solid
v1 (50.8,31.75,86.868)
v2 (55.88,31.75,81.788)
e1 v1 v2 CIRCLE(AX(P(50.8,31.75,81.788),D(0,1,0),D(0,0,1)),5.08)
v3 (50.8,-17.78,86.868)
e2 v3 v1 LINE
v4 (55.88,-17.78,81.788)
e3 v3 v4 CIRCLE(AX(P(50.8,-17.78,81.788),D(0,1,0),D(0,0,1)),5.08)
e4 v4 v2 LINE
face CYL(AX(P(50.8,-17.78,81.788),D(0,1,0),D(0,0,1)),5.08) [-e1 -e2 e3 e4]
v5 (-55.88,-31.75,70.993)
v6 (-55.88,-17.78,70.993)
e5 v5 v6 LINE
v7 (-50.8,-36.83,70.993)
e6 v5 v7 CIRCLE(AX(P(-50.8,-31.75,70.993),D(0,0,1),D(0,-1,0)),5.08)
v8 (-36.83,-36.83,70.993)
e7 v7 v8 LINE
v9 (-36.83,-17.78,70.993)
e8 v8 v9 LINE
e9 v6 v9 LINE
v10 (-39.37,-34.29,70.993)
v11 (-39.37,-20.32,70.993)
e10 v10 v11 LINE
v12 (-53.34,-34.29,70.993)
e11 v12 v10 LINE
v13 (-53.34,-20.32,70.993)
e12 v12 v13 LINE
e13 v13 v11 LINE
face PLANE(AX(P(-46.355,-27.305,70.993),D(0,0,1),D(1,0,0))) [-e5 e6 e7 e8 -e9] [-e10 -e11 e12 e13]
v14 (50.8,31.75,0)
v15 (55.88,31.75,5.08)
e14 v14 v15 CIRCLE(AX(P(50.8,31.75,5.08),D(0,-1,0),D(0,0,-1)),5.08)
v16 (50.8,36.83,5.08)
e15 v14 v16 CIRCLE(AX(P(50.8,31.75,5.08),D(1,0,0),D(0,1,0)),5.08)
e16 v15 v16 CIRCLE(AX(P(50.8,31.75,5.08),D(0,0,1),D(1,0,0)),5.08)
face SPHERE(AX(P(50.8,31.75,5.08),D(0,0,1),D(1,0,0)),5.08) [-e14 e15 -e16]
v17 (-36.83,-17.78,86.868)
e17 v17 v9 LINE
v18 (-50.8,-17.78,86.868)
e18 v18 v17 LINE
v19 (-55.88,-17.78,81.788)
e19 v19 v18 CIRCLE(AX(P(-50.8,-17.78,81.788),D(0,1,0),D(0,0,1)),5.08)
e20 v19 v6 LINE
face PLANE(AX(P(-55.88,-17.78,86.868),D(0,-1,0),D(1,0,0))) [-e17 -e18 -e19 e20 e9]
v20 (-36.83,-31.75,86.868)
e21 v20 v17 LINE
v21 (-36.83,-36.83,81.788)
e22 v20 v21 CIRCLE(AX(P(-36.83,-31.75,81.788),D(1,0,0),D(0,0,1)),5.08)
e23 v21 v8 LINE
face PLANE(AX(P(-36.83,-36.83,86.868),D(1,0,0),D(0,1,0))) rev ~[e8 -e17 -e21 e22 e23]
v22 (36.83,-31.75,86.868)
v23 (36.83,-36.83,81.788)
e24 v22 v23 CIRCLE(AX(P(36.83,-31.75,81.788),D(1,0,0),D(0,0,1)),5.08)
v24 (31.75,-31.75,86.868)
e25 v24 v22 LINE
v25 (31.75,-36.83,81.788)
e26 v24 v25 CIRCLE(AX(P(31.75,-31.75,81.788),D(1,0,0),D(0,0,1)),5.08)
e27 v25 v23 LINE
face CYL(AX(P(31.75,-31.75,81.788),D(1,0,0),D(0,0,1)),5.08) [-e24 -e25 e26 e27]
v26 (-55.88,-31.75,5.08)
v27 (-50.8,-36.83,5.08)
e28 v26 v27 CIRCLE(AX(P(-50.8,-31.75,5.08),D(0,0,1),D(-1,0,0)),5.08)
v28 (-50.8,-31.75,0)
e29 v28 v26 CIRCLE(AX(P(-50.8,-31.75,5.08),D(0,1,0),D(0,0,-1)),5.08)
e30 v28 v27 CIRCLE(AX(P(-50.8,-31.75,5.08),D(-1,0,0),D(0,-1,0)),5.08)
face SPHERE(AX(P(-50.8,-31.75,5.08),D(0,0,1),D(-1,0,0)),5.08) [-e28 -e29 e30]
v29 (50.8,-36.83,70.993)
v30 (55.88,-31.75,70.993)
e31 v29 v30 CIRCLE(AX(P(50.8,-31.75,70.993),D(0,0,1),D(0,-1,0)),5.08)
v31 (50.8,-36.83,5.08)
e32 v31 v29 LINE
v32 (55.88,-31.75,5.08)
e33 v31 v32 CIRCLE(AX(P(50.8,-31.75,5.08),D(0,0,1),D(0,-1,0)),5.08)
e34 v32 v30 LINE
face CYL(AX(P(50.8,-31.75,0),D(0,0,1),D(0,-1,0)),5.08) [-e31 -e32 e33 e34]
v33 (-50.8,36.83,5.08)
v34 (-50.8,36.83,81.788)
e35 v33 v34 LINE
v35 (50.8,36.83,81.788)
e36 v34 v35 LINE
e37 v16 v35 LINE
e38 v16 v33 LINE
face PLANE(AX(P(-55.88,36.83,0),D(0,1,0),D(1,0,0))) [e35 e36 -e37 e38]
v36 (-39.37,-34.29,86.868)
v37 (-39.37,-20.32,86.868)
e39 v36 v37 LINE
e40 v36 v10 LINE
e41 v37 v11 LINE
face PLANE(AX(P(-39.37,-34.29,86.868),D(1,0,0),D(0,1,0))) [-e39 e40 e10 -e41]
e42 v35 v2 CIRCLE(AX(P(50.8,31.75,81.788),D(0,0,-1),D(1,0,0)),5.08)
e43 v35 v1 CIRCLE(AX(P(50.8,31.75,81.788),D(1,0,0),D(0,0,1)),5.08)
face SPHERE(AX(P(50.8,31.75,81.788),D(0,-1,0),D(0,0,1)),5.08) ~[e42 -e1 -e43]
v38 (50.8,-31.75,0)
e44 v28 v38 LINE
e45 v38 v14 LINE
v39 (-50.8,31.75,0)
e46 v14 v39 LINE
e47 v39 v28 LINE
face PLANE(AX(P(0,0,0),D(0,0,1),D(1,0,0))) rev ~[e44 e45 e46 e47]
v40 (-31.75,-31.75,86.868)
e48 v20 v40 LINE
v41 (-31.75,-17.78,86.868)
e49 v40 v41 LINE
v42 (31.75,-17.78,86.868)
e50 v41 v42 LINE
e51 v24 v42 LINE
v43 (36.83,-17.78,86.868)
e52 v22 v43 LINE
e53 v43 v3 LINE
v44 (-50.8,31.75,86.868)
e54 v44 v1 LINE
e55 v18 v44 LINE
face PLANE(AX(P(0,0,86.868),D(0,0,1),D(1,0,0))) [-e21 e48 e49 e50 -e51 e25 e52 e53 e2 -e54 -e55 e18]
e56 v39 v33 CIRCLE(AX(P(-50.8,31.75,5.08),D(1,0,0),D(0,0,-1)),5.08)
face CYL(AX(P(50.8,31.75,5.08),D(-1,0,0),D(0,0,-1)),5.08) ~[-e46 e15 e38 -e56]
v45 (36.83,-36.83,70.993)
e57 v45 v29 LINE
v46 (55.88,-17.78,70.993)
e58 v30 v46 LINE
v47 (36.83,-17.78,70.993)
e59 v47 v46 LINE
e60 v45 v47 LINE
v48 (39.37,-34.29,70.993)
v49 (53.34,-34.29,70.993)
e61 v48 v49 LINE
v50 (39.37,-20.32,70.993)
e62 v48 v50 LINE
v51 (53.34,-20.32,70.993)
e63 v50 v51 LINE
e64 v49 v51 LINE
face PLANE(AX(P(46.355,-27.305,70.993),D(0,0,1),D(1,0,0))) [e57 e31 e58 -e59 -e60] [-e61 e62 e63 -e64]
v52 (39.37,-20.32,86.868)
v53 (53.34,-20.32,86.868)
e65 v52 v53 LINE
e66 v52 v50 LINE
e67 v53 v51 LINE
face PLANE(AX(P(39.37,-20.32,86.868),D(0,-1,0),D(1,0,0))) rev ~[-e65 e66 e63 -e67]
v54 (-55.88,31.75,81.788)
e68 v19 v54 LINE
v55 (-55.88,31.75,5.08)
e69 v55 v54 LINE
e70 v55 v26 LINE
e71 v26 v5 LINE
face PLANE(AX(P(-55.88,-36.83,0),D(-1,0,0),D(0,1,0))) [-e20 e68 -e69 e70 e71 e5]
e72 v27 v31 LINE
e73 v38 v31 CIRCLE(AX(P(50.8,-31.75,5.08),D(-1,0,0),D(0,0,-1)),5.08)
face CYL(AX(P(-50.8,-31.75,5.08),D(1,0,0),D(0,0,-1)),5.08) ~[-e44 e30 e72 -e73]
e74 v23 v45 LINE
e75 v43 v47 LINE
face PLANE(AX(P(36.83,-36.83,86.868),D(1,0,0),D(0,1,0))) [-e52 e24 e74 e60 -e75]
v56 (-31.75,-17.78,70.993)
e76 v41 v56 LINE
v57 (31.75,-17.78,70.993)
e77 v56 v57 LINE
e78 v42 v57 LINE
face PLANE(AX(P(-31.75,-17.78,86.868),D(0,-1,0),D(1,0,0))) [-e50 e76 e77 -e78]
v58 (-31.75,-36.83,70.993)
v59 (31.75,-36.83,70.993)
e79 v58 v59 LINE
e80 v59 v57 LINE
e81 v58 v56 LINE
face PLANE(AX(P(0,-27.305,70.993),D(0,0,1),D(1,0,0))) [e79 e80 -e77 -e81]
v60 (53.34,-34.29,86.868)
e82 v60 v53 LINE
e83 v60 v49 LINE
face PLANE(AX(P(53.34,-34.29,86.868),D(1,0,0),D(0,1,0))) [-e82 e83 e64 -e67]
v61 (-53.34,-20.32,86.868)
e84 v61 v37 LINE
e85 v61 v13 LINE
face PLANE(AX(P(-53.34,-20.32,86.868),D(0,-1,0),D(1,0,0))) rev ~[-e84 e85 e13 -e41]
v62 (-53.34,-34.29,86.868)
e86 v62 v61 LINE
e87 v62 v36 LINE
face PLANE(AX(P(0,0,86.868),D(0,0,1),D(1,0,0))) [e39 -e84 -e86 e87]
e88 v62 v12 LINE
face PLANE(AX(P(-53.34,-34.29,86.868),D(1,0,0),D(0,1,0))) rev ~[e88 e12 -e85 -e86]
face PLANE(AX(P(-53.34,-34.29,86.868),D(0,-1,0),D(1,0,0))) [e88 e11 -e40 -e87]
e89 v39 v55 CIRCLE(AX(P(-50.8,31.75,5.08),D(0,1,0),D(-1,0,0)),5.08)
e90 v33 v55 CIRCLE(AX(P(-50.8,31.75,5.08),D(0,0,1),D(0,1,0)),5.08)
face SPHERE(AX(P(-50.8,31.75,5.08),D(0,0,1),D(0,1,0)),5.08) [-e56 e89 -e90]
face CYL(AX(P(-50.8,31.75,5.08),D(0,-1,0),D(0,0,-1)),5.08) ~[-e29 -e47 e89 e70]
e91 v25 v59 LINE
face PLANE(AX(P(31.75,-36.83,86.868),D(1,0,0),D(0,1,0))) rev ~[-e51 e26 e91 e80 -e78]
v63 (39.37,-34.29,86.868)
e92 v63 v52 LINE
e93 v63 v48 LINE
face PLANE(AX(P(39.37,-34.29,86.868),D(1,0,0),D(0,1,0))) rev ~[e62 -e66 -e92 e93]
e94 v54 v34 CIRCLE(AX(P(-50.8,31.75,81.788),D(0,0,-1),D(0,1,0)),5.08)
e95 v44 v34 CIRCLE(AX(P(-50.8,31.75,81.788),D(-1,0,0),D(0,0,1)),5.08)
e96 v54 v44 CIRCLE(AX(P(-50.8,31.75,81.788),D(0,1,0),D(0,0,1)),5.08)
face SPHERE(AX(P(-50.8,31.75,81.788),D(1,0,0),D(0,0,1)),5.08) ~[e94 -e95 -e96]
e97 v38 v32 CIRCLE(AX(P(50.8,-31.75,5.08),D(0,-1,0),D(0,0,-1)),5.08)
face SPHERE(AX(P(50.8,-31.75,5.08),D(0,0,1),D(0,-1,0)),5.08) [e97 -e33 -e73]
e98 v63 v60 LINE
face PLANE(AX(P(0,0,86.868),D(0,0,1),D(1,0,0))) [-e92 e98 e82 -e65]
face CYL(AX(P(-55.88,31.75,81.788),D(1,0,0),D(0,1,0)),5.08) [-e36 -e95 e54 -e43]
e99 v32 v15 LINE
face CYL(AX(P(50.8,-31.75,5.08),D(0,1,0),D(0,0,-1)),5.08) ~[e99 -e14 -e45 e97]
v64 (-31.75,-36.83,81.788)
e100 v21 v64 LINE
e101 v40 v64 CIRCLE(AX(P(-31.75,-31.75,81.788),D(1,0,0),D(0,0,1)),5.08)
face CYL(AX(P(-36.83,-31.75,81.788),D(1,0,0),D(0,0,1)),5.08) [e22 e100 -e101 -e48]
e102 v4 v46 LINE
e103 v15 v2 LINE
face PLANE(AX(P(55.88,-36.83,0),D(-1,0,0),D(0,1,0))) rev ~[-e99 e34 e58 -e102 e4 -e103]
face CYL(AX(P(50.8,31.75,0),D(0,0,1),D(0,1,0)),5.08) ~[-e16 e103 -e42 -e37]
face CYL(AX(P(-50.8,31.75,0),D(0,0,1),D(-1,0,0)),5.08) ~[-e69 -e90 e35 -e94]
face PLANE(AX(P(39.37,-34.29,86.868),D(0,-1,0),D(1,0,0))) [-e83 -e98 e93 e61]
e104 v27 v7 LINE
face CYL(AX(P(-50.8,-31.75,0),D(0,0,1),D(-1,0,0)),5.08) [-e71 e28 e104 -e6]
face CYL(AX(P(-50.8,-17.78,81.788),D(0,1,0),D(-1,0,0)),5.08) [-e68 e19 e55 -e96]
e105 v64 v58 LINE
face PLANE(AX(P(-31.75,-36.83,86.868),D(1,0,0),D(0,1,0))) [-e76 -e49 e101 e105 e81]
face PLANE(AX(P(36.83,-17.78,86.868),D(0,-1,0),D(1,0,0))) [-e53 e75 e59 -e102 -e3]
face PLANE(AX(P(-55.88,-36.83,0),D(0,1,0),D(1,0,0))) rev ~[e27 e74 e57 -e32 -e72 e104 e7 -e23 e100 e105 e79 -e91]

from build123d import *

# Parameters (mm, degrees)
F0_W     = 111.76
F0_H     = 73.66
F1_DEPTH = 86.868
F2_W     = 19.05
F2_H     = 19.05
F2_W_2   = 13.97
F2_H_2   = 13.97
F2_W_3   = 63.5
F3_DEPTH = 15.875
F4_R     = 5.08
F5_R     = 5.08


with BuildPart() as f1:
    # F0 (on Top) → F1 (new body)
    with BuildSketch(Plane.XY):
        Rectangle(F0_W, F0_H)
    extrude(amount=F1_DEPTH)

    # F2 (on face) → F3 (cut)
    with BuildSketch(Plane.XY.offset(86.868)):
        with Locations((-46.355, -27.305)):
            Rectangle(F2_W, F2_H)
        with Locations((-46.355, -27.305)):
            Rectangle(F2_W_2, F2_H_2, mode=Mode.SUBTRACT)
        with Locations((0, -27.305)):
            Rectangle(F2_W_3, F2_H)
        with Locations((46.355, -27.305)):
            Rectangle(F2_W, F2_H)
        with Locations((46.355, -27.305)):
            Rectangle(F2_W_2, F2_H_2, mode=Mode.SUBTRACT)
    extrude(amount=-F3_DEPTH, mode=Mode.SUBTRACT)

    # F4
    f4_edges = [f1.edges().sort_by_distance(p)[0] for p in [
        (34.29, -36.83, 86.868),
        (-34.29, -36.83, 86.868),
        (55.88, 9.525, 86.868),
        (0, 36.83, 86.868),
        (-55.88, 9.525, 86.868),
        (-55.88, -36.83, 35.4965),
        (55.88, -36.83, 35.4965),
        (55.88, 36.83, 43.434),
        (-55.88, 36.83, 43.434),
    ]]
    fillet(f4_edges, radius=F4_R)

    # F5
    f5_edges = [f1.edges().sort_by_distance(p)[0] for p in [
        (55.88, 0, 0),
        (54.392102, -35.342102, 0),
        (54.392102, 35.342102, 0),
        (0, -36.83, 0),
        (0, 36.83, 0),
        (-54.392102, -35.342102, 0),
        (-54.392102, 35.342102, 0),
        (-55.88, 0, 0),
    ]]
    fillet(f5_edges, radius=F5_R)


solid = f1.part
